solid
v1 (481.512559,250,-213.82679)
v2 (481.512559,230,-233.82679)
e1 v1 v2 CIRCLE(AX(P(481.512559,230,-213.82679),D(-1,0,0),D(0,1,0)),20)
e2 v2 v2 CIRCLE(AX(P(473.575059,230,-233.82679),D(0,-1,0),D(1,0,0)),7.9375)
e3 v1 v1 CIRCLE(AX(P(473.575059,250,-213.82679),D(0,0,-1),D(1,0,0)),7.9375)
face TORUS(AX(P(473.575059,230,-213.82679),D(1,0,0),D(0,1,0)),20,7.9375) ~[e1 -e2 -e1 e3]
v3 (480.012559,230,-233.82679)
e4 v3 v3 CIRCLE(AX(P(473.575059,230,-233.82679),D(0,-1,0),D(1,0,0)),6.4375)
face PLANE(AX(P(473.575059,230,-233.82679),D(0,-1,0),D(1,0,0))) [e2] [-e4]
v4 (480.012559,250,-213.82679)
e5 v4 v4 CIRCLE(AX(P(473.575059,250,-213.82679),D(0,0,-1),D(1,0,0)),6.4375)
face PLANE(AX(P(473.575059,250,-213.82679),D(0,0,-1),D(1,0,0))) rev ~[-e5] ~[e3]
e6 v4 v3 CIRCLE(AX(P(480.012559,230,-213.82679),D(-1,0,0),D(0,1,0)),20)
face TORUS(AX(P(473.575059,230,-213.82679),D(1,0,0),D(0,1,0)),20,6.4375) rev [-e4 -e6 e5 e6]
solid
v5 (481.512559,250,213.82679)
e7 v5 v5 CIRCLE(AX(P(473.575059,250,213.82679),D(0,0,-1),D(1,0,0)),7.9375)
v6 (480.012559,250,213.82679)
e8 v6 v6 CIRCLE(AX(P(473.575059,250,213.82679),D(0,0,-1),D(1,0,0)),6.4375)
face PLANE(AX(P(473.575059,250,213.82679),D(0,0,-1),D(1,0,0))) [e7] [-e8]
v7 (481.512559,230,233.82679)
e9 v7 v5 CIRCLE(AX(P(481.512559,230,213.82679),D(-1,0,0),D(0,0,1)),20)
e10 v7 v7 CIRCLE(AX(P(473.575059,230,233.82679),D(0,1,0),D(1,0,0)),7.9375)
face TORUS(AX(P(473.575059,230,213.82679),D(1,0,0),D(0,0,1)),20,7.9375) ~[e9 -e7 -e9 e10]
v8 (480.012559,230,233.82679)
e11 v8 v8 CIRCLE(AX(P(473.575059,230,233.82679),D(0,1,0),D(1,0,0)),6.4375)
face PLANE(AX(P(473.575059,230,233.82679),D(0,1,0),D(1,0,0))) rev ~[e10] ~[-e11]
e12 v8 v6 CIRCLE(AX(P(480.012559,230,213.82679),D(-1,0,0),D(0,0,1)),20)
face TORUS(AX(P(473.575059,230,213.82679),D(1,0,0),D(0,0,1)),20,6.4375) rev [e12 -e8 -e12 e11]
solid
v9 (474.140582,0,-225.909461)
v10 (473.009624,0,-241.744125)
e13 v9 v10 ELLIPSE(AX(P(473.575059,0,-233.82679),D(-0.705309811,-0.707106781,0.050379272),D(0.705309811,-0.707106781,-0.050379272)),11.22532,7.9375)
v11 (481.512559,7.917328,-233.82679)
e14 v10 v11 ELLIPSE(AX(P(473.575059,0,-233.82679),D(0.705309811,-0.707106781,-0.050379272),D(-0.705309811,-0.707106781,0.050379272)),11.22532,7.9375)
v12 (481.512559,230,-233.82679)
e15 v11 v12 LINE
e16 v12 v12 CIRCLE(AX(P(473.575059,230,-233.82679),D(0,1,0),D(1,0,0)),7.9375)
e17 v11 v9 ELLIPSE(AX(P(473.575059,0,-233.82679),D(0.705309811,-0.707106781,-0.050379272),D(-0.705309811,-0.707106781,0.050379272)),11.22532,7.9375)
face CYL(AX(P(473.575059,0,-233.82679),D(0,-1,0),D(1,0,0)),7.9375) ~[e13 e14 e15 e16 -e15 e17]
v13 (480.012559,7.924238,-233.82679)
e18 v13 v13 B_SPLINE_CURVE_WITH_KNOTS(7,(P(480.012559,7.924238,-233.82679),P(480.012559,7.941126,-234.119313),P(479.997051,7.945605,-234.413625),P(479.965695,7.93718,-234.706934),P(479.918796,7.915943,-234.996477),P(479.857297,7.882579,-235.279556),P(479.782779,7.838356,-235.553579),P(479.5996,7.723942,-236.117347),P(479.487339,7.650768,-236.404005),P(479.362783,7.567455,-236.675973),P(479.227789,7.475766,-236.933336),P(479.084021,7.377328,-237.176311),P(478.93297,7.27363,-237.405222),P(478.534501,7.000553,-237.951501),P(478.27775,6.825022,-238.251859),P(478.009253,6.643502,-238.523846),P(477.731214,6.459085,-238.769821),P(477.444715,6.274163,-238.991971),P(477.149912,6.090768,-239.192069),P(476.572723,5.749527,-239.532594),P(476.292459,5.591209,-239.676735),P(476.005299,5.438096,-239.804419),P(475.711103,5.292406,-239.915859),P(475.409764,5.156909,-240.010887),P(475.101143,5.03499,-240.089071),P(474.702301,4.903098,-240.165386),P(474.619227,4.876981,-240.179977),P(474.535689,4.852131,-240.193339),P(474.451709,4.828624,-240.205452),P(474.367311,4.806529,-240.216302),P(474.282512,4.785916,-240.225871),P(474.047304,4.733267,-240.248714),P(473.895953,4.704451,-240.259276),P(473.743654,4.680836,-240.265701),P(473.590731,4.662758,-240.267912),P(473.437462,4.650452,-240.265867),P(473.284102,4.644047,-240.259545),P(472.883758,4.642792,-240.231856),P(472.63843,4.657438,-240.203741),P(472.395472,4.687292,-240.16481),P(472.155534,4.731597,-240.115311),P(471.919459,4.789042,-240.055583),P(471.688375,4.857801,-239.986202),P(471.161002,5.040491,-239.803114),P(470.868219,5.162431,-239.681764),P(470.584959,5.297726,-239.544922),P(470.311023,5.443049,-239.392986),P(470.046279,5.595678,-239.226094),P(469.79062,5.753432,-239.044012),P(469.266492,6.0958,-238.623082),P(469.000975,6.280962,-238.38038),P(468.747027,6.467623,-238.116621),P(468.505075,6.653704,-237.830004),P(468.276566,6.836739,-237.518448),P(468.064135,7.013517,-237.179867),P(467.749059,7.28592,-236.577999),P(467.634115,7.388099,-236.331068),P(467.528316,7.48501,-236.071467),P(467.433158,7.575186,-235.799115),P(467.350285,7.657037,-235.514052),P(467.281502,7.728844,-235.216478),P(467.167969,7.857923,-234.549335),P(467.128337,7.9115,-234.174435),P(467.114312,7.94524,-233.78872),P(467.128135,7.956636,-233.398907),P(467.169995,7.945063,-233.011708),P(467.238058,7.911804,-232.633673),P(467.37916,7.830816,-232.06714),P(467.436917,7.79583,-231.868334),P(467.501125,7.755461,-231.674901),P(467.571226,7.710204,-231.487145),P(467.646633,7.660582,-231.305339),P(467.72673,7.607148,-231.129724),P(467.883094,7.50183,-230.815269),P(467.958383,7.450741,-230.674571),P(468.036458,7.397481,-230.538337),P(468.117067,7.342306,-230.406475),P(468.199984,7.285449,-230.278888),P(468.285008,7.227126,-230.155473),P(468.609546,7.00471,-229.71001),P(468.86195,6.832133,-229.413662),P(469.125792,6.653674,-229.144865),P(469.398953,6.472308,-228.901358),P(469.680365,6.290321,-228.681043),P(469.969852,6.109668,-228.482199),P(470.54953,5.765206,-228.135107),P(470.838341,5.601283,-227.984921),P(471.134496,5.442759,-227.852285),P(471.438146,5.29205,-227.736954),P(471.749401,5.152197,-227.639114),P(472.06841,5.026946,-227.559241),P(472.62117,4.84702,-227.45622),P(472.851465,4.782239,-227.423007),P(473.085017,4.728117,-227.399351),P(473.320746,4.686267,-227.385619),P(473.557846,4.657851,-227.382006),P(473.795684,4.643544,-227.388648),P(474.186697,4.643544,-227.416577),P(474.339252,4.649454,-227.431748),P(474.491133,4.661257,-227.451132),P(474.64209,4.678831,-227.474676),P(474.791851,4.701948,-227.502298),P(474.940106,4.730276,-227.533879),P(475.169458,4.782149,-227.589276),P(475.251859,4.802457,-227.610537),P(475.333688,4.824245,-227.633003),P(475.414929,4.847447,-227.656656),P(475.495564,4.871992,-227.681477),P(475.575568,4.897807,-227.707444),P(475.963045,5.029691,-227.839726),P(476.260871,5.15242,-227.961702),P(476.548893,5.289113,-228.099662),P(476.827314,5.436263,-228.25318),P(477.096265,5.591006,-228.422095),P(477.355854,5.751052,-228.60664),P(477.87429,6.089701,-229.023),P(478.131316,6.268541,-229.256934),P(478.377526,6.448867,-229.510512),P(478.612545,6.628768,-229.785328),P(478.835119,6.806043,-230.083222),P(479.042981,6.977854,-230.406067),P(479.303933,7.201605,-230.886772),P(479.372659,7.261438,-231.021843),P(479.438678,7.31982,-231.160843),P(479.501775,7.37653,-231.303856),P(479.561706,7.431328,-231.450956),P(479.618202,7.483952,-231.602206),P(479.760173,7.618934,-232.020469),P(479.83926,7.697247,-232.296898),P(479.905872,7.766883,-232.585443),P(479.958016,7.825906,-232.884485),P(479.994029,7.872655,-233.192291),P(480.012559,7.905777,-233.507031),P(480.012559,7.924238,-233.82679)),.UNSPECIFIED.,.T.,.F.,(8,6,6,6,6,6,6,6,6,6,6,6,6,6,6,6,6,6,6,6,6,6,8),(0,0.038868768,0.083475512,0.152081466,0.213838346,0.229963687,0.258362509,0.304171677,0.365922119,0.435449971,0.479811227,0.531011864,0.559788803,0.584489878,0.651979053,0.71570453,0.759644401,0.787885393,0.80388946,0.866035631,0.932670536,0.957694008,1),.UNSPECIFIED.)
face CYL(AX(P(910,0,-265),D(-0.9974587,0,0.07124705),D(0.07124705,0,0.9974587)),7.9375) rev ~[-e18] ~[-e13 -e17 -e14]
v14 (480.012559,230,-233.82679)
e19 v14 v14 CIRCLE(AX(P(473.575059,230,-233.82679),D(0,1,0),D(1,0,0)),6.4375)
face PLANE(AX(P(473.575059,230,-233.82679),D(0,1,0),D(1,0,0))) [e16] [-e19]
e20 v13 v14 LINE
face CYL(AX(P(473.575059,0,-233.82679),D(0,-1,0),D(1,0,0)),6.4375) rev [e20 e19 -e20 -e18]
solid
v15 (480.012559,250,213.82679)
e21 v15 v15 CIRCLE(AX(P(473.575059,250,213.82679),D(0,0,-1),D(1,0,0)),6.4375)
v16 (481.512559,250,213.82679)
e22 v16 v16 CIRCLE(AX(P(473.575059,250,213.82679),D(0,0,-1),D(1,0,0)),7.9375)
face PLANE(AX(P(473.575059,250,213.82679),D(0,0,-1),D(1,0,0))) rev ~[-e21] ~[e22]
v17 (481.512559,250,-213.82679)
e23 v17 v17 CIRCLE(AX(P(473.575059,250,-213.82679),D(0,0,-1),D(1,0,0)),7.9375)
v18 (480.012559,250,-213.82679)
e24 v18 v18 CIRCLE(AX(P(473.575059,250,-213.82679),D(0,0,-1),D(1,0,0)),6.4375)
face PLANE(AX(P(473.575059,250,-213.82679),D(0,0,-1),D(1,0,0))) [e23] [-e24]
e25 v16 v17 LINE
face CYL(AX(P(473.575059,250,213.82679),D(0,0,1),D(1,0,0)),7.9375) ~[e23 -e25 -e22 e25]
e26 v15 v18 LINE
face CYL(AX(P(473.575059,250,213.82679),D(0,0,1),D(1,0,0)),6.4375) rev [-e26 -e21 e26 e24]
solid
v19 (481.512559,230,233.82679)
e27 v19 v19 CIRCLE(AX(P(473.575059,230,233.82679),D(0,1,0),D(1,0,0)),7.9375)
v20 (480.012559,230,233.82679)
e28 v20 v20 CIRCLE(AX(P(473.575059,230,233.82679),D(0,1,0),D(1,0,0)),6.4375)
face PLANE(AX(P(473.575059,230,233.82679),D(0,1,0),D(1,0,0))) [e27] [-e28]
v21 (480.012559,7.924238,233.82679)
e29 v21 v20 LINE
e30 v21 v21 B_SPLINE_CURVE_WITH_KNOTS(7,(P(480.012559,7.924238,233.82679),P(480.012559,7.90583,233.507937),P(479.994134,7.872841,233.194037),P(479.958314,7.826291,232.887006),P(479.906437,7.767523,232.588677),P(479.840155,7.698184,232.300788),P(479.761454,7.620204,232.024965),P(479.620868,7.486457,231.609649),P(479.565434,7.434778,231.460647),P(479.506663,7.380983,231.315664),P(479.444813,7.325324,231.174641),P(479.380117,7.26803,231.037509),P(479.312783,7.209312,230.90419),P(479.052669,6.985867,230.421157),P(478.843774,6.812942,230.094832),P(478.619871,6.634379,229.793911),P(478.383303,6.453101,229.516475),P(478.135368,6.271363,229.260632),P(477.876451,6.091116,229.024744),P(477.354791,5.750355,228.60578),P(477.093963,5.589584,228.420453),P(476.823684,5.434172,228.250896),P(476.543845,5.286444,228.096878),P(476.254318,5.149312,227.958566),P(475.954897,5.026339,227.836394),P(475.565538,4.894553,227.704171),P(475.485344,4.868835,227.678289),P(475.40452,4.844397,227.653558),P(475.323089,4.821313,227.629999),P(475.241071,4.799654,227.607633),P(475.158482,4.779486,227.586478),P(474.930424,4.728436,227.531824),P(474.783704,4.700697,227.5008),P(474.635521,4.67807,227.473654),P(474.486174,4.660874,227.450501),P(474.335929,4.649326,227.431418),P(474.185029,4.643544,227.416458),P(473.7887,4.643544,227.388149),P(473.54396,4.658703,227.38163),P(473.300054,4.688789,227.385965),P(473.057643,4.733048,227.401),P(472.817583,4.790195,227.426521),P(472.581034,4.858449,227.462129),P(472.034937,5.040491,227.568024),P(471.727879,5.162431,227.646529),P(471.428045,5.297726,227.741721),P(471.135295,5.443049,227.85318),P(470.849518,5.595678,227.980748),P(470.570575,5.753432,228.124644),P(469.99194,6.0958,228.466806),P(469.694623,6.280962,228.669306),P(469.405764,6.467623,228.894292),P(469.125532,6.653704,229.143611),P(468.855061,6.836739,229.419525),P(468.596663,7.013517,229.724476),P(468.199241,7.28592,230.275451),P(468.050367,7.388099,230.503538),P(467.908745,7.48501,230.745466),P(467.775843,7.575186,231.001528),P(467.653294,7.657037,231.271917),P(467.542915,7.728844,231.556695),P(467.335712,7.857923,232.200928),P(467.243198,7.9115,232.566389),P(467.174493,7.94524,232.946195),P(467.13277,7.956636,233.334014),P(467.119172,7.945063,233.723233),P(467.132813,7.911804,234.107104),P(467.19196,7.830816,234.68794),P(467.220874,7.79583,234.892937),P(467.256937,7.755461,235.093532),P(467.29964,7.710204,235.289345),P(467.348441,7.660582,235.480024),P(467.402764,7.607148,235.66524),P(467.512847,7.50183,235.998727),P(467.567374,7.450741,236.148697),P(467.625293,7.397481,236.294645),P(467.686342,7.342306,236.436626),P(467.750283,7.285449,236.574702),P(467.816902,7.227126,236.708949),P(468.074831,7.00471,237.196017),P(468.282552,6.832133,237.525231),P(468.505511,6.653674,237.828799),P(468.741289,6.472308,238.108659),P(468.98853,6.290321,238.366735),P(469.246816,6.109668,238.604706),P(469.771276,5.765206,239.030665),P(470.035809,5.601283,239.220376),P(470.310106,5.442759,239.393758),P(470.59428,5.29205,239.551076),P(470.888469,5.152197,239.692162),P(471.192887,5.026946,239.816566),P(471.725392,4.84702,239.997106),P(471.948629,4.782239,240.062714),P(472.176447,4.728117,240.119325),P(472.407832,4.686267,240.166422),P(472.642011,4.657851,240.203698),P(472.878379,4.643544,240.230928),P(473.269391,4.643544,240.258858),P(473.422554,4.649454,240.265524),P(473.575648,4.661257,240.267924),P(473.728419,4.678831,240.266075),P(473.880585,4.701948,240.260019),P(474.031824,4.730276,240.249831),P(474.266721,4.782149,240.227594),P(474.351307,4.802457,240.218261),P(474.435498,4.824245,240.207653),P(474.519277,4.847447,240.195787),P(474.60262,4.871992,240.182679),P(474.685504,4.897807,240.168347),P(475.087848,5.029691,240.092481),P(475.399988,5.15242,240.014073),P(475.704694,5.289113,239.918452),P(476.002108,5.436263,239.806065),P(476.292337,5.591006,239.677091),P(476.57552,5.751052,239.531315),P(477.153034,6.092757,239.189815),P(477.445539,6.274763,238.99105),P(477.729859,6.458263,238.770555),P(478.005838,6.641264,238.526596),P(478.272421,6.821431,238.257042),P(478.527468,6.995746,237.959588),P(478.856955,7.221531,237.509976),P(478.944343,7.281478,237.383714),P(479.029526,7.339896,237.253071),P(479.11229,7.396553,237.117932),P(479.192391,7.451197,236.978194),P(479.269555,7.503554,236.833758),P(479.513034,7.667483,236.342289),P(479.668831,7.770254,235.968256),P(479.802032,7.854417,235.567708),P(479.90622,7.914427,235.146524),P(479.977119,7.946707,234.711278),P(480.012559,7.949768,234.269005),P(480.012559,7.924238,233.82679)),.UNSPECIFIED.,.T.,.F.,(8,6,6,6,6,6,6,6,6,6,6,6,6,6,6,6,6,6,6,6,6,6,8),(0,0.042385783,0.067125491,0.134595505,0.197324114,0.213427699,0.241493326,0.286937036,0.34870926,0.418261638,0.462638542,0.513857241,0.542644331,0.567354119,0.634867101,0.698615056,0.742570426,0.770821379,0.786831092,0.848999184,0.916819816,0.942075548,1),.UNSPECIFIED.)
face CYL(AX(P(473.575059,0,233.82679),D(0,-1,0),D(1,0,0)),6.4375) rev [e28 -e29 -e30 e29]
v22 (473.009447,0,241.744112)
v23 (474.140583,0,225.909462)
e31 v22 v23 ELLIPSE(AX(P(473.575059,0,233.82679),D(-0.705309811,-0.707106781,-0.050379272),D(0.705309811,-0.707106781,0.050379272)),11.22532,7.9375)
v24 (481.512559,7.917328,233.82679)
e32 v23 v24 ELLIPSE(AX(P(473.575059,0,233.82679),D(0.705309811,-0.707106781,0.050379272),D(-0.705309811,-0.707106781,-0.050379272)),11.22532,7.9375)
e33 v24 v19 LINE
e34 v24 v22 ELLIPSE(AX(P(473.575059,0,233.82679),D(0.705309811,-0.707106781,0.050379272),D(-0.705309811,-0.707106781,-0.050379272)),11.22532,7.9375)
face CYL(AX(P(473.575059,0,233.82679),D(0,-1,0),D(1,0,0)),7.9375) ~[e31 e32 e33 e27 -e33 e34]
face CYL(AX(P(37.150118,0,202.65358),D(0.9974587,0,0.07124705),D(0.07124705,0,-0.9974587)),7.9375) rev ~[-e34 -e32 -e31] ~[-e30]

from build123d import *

# Parameters (mm, degrees)
SKETCH1_R                            = 7.9375
SKETCH1_R_2                          = 6.4375
PIPE_CONFIGURED_21_3_X_2_3_1_DEPTH   = 230
SKETCH1_ON_SEGMENT_2_R               = 7.9375
SKETCH1_ON_SEGMENT_2_R_2             = 6.4375
PIPE_CONFIGURED_21_3_X_2_3_1_2_ANGLE = 90
SKETCH1_ON_SEGMENT_3_R               = 7.9375
SKETCH1_ON_SEGMENT_3_R_2             = 6.4375
PIPE_CONFIGURED_21_3_X_2_3_1_3_DEPTH = 427.653579857
SKETCH1_ON_SEGMENT_4_R               = 7.9375
SKETCH1_ON_SEGMENT_4_R_2             = 6.4375
PIPE_CONFIGURED_21_3_X_2_3_1_4_ANGLE = 90
SKETCH1_ON_SEGMENT_5_R               = 7.9375
SKETCH1_ON_SEGMENT_5_R_2             = 6.4375
PIPE_CONFIGURED_21_3_X_2_3_1_5_DEPTH = 230
ESBO_O6_R                            = 7.9375


with BuildPart() as part:
    # Sketch1 → Pipe - configured 21.3 X 2.3(1) (new body)
    with BuildSketch(Plane(origin=(473.575059, 0, 233.826789929), x_dir=(1, 0, 0), z_dir=(0, 1, 0))):
        Circle(SKETCH1_R)
        Circle(SKETCH1_R_2, mode=Mode.SUBTRACT)
    extrude(amount=PIPE_CONFIGURED_21_3_X_2_3_1_DEPTH)


with BuildPart() as body_2:
    # Sketch1 on segment 2 (carried to the start of arc 2) → Pipe - configured 21.3 X 2.3_1 2 (revolve)
    with BuildSketch(Plane(origin=(473.575059, 230, 233.826789929), x_dir=(1, 0, 0), z_dir=(0, 1, 0))):
        Circle(SKETCH1_ON_SEGMENT_2_R)
        Circle(SKETCH1_ON_SEGMENT_2_R_2, mode=Mode.SUBTRACT)
    revolve(axis=Axis((473.575059, 230, 213.826789929), (-1, 0, 0)), revolution_arc=PIPE_CONFIGURED_21_3_X_2_3_1_2_ANGLE)


with BuildPart() as body_3:
    # Sketch1 on segment 3 (carried to segment 3) → Pipe - configured 21.3 X 2.3_1 3 (new body)
    with BuildSketch(Plane(origin=(473.575059, 250, 213.826789929), x_dir=(1, 0, 0), z_dir=(0, 0, -1))):
        Circle(SKETCH1_ON_SEGMENT_3_R)
        Circle(SKETCH1_ON_SEGMENT_3_R_2, mode=Mode.SUBTRACT)
    extrude(amount=PIPE_CONFIGURED_21_3_X_2_3_1_3_DEPTH)


with BuildPart() as body_4:
    # Sketch1 on segment 4 (carried to the start of arc 4) → Pipe - configured 21.3 X 2.3_1 4 (revolve)
    with BuildSketch(Plane(origin=(473.575059, 250, -213.826789929), x_dir=(1, 0, 0), z_dir=(0, 0, -1))):
        Circle(SKETCH1_ON_SEGMENT_4_R)
        Circle(SKETCH1_ON_SEGMENT_4_R_2, mode=Mode.SUBTRACT)
    revolve(axis=Axis((473.575059, 230, -213.826789929), (-1, 0, 0)), revolution_arc=PIPE_CONFIGURED_21_3_X_2_3_1_4_ANGLE)


with BuildPart() as body_5:
    # Sketch1 on segment 5 (carried to segment 5) → Pipe - configured 21.3 X 2.3_1 5 (new body)
    with BuildSketch(Plane(origin=(473.575059, 0, -233.826789929), x_dir=(1, 0, 0), z_dir=(0, 1, 0))):
        Circle(SKETCH1_ON_SEGMENT_5_R)
        Circle(SKETCH1_ON_SEGMENT_5_R_2, mode=Mode.SUBTRACT)
    extrude(amount=PIPE_CONFIGURED_21_3_X_2_3_1_5_DEPTH)


with BuildPart() as varredura_de_corte1_tool:
    # Varredura de corte1: sweep along a path in Esboço1
    with BuildLine(Plane(origin=(0, 0, 0), x_dir=(1, 0, 0), z_dir=(0, 1, 0))) as varredura_de_corte1_path:
        Line((910, 265), (37.150118, 202.653579857))
        ThreePointArc((37.150118, 202.653579857), (10.725477972, 190.013301495), (0, 162.755231864))
        Line((0, 162.755231864), (0, -162.755231864))
        ThreePointArc((0, -162.755231864), (10.725477972, -190.013301495), (37.150118, -202.653579857))
        Line((37.150118, -202.653579857), (910, -265))
    # Esboço6 → Varredura de corte1 (sweep)
    with BuildSketch(Plane.XY):
        Circle(ESBO_O6_R)
    sweep(path=varredura_de_corte1_path.line)


with BuildPart() as part_1:
    add(part.part)

    # Varredura de corte1: cut by varredura_de_corte1_tool
    add(varredura_de_corte1_tool.part, mode=Mode.SUBTRACT)


with BuildPart() as body_5_1:
    add(body_5.part)

    # Varredura de corte1: cut by varredura_de_corte1_tool
    add(varredura_de_corte1_tool.part, mode=Mode.SUBTRACT)


solid = Compound([body_2.part, body_3.part, body_4.part, part_1.part, body_5_1.part])
